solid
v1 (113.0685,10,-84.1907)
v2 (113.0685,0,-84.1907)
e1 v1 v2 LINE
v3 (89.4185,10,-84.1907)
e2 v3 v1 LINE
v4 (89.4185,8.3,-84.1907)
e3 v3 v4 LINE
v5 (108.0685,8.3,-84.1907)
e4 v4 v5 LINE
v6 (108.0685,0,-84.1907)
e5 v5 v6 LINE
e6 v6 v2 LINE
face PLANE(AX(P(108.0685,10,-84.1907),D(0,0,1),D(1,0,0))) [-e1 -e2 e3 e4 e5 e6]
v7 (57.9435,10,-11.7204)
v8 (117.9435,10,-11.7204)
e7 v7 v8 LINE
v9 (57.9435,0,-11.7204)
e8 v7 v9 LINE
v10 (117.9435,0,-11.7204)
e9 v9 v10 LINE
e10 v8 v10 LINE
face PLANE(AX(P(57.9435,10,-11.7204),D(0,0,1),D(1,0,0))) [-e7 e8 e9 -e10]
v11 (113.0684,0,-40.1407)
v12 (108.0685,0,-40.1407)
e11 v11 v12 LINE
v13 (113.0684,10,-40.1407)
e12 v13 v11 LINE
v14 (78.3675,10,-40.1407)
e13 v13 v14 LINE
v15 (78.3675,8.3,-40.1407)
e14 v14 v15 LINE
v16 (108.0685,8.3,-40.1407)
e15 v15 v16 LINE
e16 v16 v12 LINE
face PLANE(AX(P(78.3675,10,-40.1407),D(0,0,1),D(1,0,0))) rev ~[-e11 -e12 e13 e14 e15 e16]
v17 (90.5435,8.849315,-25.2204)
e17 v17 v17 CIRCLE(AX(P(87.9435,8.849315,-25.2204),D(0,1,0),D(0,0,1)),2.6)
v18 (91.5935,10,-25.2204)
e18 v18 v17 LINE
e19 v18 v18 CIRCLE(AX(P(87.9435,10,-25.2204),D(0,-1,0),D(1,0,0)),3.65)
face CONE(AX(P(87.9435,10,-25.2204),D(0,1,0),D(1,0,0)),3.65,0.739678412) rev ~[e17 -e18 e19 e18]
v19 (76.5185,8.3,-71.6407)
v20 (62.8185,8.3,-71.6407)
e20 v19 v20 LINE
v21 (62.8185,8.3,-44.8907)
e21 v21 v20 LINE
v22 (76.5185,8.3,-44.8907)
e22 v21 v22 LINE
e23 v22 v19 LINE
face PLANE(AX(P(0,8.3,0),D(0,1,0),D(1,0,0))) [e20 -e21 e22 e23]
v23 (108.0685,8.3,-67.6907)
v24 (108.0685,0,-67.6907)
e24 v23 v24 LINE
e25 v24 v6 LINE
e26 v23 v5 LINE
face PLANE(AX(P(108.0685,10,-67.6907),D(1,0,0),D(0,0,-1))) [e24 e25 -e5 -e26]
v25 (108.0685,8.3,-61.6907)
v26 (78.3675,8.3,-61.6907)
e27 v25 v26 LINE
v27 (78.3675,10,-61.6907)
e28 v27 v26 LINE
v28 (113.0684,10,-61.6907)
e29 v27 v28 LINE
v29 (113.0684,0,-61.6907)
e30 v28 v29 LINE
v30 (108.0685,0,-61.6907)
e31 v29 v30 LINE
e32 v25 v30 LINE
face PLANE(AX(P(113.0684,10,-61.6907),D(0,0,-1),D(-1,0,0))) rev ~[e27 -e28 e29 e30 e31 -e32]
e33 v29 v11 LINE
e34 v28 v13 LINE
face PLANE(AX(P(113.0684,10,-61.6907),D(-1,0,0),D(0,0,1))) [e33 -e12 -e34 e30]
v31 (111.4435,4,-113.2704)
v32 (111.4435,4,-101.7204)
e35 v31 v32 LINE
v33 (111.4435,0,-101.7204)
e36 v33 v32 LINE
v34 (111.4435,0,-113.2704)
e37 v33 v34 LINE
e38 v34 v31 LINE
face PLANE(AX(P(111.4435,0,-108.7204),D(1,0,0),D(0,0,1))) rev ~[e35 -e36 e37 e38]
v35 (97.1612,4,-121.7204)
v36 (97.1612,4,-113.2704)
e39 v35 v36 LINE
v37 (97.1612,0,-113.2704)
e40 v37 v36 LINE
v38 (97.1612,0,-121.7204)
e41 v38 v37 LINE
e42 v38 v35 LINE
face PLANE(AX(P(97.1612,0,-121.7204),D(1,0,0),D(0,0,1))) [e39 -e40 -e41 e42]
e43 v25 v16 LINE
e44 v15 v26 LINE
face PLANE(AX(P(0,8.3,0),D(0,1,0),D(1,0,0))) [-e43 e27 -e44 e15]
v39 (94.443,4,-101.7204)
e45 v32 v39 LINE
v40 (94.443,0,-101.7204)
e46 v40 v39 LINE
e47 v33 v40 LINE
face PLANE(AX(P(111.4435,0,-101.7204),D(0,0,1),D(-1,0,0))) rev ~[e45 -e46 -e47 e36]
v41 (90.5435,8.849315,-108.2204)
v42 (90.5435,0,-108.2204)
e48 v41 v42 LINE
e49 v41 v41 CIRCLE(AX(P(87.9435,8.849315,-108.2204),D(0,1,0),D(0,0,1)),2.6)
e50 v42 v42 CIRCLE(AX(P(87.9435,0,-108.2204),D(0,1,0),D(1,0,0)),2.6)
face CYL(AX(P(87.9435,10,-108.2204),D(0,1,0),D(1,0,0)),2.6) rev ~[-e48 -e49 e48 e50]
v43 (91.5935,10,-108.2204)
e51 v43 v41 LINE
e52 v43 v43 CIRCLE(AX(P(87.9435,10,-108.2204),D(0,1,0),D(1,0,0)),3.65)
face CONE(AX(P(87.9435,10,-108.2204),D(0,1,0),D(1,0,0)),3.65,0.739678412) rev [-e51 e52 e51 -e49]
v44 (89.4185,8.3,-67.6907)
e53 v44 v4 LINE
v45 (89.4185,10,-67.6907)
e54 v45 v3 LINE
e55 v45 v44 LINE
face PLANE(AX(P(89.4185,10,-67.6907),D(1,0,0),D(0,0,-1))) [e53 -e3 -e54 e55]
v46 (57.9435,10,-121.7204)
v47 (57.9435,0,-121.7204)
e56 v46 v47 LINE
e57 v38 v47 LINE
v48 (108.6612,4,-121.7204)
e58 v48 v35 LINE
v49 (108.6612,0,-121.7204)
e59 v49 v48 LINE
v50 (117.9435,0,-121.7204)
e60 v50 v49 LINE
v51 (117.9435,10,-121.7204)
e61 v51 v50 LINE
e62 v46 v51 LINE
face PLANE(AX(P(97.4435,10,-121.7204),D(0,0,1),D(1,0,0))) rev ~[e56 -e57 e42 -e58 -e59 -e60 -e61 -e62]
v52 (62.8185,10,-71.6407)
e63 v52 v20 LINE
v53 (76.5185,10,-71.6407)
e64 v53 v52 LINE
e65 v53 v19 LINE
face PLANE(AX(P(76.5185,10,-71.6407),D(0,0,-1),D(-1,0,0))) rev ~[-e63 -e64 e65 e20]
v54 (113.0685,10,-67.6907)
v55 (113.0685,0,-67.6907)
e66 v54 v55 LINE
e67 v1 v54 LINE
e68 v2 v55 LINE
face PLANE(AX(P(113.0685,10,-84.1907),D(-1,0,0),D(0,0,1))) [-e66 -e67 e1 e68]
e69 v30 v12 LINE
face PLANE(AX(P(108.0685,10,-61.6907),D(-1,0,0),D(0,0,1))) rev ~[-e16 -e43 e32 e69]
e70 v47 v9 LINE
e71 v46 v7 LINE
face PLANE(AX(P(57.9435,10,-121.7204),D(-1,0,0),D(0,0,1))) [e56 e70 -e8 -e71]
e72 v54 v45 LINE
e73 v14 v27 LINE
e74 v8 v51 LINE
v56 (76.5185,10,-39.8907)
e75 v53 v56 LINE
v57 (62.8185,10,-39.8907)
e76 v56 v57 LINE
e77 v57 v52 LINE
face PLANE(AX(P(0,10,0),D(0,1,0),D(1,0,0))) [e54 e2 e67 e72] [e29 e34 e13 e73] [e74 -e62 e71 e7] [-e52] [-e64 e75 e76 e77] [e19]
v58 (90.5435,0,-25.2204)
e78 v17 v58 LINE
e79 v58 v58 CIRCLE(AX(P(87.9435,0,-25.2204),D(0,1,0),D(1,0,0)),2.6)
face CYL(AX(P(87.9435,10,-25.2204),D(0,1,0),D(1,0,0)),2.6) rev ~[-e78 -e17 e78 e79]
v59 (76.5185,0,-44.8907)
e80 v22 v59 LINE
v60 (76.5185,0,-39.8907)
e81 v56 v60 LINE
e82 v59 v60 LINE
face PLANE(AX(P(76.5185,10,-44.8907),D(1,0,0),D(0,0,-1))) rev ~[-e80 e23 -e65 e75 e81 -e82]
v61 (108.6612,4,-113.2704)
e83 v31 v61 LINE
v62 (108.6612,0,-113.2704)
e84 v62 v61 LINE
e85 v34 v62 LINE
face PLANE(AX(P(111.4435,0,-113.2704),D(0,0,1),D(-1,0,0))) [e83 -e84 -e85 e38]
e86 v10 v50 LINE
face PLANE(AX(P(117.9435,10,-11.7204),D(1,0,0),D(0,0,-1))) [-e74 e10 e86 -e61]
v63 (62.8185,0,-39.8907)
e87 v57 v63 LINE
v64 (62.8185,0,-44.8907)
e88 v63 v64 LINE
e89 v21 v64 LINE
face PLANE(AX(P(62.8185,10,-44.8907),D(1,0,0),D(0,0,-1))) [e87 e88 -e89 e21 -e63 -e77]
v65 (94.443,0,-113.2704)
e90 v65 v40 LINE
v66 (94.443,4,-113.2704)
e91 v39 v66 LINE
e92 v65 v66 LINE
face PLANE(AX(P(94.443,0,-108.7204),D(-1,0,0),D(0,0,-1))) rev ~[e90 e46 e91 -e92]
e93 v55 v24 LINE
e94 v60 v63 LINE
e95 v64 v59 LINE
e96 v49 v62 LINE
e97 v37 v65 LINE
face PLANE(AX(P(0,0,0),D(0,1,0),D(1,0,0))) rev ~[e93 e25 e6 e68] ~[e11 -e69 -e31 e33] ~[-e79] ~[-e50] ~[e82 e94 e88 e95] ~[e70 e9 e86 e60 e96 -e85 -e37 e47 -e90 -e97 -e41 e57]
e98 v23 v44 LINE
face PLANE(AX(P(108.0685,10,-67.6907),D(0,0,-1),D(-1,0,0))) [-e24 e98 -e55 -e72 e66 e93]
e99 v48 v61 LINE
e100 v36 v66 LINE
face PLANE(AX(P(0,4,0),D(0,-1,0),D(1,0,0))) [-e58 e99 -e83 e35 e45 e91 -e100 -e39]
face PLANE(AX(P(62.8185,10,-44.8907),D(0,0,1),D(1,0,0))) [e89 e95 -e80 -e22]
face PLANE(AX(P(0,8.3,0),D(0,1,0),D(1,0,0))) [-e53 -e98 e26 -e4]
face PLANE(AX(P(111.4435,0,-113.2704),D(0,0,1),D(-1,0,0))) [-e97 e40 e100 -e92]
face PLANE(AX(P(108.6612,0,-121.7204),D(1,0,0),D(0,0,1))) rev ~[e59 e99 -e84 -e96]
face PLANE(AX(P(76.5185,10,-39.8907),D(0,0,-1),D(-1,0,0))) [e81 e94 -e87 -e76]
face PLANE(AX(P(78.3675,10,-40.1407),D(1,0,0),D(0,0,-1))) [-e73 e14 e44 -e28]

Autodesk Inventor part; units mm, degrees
ref_plane "작업 평면1" through (0, 10, 0) normal (0, 1, 0) x (1, 0, 0)
sketch "스케치3" plane through (0, 10, 0) normal (0, 1, 0) x (1, 0, 0)
  line L0 (108.4435, 113.2704) -> (97.4435, 113.2704)
  line L1 (97.4435, 113.2704) -> (97.4435, 121.7204)
  line L2 (97.4435, 121.7204) -> (108.4435, 121.7204)
  line L3 (108.4435, 121.7204) -> (108.4435, 113.2704)
  line L4 (117.9435, 121.7204) -> (57.9435, 121.7204)
  line L5 (57.9435, 121.7204) -> (57.9435, 11.7204)
  line L6 (117.9435, 11.7204) -> (117.9435, 121.7204)
  line L7 (57.9435, 11.7204) -> (117.9435, 11.7204)
  line L8 (113.0685, 67.6907) -> (89.4185, 67.6907)
  line L9 (89.4185, 67.6907) -> (89.4185, 84.1907)
  line L10 (89.4185, 84.1907) -> (113.0685, 84.1907)
  line L11 (113.0685, 84.1907) -> (113.0685, 67.6907)
  line L12 (113.0684, 40.1407) -> (108.0685, 40.1407)
  line L13 (108.0685, 67.6907) -> (113.0685, 67.6907)
  line L14 (113.0684, 61.6907) -> (113.0684, 40.1407)
  line L15 (113.0685, 67.6907) -> (108.0685, 67.6907)
  line L16 (108.0685, 67.6907) -> (108.0685, 84.1907)
  line L17 (108.0685, 84.1907) -> (113.0685, 84.1907)
  line L18 (113.0685, 84.1907) -> (113.0685, 67.6907)
  line L19 (76.5185, 39.8907) -> (62.8185, 39.8907)
  line L20 (62.8185, 39.8907) -> (62.8185, 44.8907)
  line L21 (62.8185, 44.8907) -> (76.5185, 44.8907)
  line L22 (76.5185, 44.8907) -> (76.5185, 39.8907)
  line L23 (113.0684, 61.6907) -> (78.3675, 61.6907)
  circle A0 centre (87.9435, 25.2204) radius 2.6
  circle A1 centre (87.9435, 108.2204) radius 2.6
  line L24 (78.3675, 40.1407) -> (113.0684, 40.1407)
  line L25 (78.3675, 40.1407) -> (78.3675, 61.6907)
  line L26 (76.5185, 39.8907) -> (76.5185, 71.6407)
  line L27 (62.8185, 39.8907) -> (62.8185, 71.6407)
  line L28 (76.5185, 71.6407) -> (62.8185, 71.6407)
  line L29 (108.0685, 61.6907) -> (108.0685, 40.1407)
  point P0 (0, 0)
  dimension "d8" = 9.5
  dimension "d46" = 5.2
  dimension "d47" = 5.2
extrude "돌출2" add sketch "스케치3" against normal blind 10 contours L3 L4 L6 L7 L5 L1 L0 | L0 L1 L2 L3 | L8 L16 L10 L11 | L8 L9 L10 L16 | L12 L29 L23 L14 | L24 L25 L23 L29 | L19 L20 L21 L22 | L21 L27 L28 L26 | A0 | A1
sketch "스케치4" plane through (0, 10, 0) normal (0, 1, 0) x (1, 0, 0)
  point P0 (0, 0)
sketch "스케치5" plane through (117.9435, 10, -121.7204) normal (0, 0, -1) x (-1, 0, 0)
  point P0 (117.9435, -10)
extrude "돌출5" cut sketch "스케치3" against normal through all contours L0 L1 L2 L3
sketch "스케치6" plane through (0, 0, 0) normal (0, -1, 0) x (1, 0, 0)
  line L0 (57.9435, -121.7204) -> (97.4435, -121.7204) projected
  line L1 (97.4435, -121.7204) -> (57.9435, -121.7204) projected
  line L2 (113.0685, -71.6204) -> (108.0685, -71.6204) projected
  line L3 (113.0685, -80.2704) -> (113.0685, -71.6204) projected
  line L4 (78.3685, -80.2704) -> (113.0685, -80.2704) projected
  line L5 (78.3685, -58.4704) -> (78.3685, -80.2704) projected
  line L6 (113.0685, -58.4704) -> (78.3685, -58.4704) projected
  line L7 (113.0685, -67.1204) -> (113.0685, -58.4704) projected
  line L8 (108.0685, -67.1204) -> (113.0685, -67.1204) projected
  line L9 (108.0685, -71.6204) -> (108.0685, -67.1204) projected
  line L10 (117.9435, -121.7204) -> (108.4435, -121.7204) projected
  line L11 (111.4435, -108.7204) -> (94.443, -108.7204)
  line L12 (111.4435, -108.7204) -> (111.4435, -113.2704)
  line L13 (94.443, -108.7204) -> (94.443, -113.2704)
  line L14 (111.4435, -113.2704) -> (94.443, -113.2704)
  point P0 (0, 0)
sketch "스케치7" plane through (0, 0, 0) normal (0, -1, 0) x (1, 0, 0)
  point P0 (0, 0)
sketch "스케치8" plane through (0, 0, 0) normal (0, -1, 0) x (1, 0, 0)
  point P0 (0, 0)
extrude "돌출6" cut sketch "스케치6" against normal blind 4 contours L12 L14 L13 L11
extrude "돌출7" add sketch "스케치3" against normal blind 6 contours L0 L1 L2 L3
sketch "스케치9" plane through (0, 0, 0) normal (0, -1, 0) x (1, 0, 0)
  line L0 (111.4435, -108.7204) -> (111.4435, -113.2704) projected
  line L1 (111.4435, -108.7204) -> (111.4435, -101.7204)
  line L2 (111.4435, -101.7204) -> (94.443, -101.7204)
  line L3 (94.443, -113.2704) -> (94.443, -108.7204) projected
  line L4 (94.443, -101.7204) -> (94.443, -108.7204)
  line L5 (94.443, -108.7204) -> (111.4435, -108.7204) projected
  line L6 (111.4435, -108.7204) -> (94.443, -108.7204)
  point P0 (0, 0)
  dimension "d25" = 7
extrude "돌출8" cut sketch "스케치9" against normal blind 4
sketch "스케치10" plane through (0, 10, 0) normal (0, 1, 0) x (1, 0, 0)
  circle A0 centre (87.9435, 25.2204) radius 3.85
  circle A1 centre (87.9435, 108.2204) radius 3.85
  point P0 (0, 0)
  dimension "d28" = 7.7
  dimension "d29" = 7.7
ref_plane "작업 평면2" through (0, 10, 0) normal (0, 1, 0) x (1, 0, 0)
sketch "스케치12" plane through (0, 10, 0) normal (0, 1, 0) x (1, 0, 0)
  point P0 (0, 0)
ref_plane "작업 평면3" through (57.9435, 10, -25.2204) normal (0, 0, 1) x (1, 0, 0)
sketch "스케치13" plane through (57.9435, 10, -25.2204) normal (0, 0, 1) x (1, 0, 0)
  line L0 (30, 0) -> (30, -4)
  line L1 (30, 0) -> (33.65, 0)
  line L2 (33.65, 0) -> (30, -4)
  point P0 (-57.9435, -10)
  point P1 (32.25, 0)
  dimension "d35" = 4
  dimension "d36" = 3.65
sketch "스케치14" plane through (57.9435, 10, -25.2204) normal (0, 0, 1) x (1, 0, 0)
  point P0 (-57.9435, -10)
revolve "회전2" cut sketch "스케치13" angle 360 about axis through (87.9435, 10, -25.2204) along (0, -1, 0)
ref_plane "작업 평면4" through (57.9435, 10, -66.7204) normal (0, 0, 1) x (1, 0, 0)
mirror "미러1" about plane through (57.9435, 10, -66.7204) normal (0, 0, 1) of "회전2"
sketch "스케치15" plane through (0, 0, 0) normal (0, -1, 0) x (1, 0, 0)
  line L0 (108.6612, -121.7204) -> (97.1612, -121.7204)
  line L1 (97.1612, -121.7204) -> (97.1612, -113.2704)
  line L2 (108.6612, -121.7204) -> (108.6612, -113.2704)
  line L3 (97.1612, -113.2704) -> (108.6612, -113.2704)
  line L4 (97.4435, -113.2704) -> (94.443, -113.2704) projected
  point P0 (0, 0)
extrude "돌출9" cut sketch "스케치15" against normal blind 4
extrude "돌출11" cut sketch "스케치3" against normal through all contours A0 | A1
extrude "돌출12" cut sketch "스케치3" against normal through all contours L8 L16 L10 L11 | L12 L29 L23 L14 | L19 L20 L21 L22
extrude "돌출13" cut sketch "스케치3" against normal blind 1.7 contours L8 L9 L10 L16 | L24 L25 L23 L29 | L21 L27 L28 L26
properties part number "1구버전"
